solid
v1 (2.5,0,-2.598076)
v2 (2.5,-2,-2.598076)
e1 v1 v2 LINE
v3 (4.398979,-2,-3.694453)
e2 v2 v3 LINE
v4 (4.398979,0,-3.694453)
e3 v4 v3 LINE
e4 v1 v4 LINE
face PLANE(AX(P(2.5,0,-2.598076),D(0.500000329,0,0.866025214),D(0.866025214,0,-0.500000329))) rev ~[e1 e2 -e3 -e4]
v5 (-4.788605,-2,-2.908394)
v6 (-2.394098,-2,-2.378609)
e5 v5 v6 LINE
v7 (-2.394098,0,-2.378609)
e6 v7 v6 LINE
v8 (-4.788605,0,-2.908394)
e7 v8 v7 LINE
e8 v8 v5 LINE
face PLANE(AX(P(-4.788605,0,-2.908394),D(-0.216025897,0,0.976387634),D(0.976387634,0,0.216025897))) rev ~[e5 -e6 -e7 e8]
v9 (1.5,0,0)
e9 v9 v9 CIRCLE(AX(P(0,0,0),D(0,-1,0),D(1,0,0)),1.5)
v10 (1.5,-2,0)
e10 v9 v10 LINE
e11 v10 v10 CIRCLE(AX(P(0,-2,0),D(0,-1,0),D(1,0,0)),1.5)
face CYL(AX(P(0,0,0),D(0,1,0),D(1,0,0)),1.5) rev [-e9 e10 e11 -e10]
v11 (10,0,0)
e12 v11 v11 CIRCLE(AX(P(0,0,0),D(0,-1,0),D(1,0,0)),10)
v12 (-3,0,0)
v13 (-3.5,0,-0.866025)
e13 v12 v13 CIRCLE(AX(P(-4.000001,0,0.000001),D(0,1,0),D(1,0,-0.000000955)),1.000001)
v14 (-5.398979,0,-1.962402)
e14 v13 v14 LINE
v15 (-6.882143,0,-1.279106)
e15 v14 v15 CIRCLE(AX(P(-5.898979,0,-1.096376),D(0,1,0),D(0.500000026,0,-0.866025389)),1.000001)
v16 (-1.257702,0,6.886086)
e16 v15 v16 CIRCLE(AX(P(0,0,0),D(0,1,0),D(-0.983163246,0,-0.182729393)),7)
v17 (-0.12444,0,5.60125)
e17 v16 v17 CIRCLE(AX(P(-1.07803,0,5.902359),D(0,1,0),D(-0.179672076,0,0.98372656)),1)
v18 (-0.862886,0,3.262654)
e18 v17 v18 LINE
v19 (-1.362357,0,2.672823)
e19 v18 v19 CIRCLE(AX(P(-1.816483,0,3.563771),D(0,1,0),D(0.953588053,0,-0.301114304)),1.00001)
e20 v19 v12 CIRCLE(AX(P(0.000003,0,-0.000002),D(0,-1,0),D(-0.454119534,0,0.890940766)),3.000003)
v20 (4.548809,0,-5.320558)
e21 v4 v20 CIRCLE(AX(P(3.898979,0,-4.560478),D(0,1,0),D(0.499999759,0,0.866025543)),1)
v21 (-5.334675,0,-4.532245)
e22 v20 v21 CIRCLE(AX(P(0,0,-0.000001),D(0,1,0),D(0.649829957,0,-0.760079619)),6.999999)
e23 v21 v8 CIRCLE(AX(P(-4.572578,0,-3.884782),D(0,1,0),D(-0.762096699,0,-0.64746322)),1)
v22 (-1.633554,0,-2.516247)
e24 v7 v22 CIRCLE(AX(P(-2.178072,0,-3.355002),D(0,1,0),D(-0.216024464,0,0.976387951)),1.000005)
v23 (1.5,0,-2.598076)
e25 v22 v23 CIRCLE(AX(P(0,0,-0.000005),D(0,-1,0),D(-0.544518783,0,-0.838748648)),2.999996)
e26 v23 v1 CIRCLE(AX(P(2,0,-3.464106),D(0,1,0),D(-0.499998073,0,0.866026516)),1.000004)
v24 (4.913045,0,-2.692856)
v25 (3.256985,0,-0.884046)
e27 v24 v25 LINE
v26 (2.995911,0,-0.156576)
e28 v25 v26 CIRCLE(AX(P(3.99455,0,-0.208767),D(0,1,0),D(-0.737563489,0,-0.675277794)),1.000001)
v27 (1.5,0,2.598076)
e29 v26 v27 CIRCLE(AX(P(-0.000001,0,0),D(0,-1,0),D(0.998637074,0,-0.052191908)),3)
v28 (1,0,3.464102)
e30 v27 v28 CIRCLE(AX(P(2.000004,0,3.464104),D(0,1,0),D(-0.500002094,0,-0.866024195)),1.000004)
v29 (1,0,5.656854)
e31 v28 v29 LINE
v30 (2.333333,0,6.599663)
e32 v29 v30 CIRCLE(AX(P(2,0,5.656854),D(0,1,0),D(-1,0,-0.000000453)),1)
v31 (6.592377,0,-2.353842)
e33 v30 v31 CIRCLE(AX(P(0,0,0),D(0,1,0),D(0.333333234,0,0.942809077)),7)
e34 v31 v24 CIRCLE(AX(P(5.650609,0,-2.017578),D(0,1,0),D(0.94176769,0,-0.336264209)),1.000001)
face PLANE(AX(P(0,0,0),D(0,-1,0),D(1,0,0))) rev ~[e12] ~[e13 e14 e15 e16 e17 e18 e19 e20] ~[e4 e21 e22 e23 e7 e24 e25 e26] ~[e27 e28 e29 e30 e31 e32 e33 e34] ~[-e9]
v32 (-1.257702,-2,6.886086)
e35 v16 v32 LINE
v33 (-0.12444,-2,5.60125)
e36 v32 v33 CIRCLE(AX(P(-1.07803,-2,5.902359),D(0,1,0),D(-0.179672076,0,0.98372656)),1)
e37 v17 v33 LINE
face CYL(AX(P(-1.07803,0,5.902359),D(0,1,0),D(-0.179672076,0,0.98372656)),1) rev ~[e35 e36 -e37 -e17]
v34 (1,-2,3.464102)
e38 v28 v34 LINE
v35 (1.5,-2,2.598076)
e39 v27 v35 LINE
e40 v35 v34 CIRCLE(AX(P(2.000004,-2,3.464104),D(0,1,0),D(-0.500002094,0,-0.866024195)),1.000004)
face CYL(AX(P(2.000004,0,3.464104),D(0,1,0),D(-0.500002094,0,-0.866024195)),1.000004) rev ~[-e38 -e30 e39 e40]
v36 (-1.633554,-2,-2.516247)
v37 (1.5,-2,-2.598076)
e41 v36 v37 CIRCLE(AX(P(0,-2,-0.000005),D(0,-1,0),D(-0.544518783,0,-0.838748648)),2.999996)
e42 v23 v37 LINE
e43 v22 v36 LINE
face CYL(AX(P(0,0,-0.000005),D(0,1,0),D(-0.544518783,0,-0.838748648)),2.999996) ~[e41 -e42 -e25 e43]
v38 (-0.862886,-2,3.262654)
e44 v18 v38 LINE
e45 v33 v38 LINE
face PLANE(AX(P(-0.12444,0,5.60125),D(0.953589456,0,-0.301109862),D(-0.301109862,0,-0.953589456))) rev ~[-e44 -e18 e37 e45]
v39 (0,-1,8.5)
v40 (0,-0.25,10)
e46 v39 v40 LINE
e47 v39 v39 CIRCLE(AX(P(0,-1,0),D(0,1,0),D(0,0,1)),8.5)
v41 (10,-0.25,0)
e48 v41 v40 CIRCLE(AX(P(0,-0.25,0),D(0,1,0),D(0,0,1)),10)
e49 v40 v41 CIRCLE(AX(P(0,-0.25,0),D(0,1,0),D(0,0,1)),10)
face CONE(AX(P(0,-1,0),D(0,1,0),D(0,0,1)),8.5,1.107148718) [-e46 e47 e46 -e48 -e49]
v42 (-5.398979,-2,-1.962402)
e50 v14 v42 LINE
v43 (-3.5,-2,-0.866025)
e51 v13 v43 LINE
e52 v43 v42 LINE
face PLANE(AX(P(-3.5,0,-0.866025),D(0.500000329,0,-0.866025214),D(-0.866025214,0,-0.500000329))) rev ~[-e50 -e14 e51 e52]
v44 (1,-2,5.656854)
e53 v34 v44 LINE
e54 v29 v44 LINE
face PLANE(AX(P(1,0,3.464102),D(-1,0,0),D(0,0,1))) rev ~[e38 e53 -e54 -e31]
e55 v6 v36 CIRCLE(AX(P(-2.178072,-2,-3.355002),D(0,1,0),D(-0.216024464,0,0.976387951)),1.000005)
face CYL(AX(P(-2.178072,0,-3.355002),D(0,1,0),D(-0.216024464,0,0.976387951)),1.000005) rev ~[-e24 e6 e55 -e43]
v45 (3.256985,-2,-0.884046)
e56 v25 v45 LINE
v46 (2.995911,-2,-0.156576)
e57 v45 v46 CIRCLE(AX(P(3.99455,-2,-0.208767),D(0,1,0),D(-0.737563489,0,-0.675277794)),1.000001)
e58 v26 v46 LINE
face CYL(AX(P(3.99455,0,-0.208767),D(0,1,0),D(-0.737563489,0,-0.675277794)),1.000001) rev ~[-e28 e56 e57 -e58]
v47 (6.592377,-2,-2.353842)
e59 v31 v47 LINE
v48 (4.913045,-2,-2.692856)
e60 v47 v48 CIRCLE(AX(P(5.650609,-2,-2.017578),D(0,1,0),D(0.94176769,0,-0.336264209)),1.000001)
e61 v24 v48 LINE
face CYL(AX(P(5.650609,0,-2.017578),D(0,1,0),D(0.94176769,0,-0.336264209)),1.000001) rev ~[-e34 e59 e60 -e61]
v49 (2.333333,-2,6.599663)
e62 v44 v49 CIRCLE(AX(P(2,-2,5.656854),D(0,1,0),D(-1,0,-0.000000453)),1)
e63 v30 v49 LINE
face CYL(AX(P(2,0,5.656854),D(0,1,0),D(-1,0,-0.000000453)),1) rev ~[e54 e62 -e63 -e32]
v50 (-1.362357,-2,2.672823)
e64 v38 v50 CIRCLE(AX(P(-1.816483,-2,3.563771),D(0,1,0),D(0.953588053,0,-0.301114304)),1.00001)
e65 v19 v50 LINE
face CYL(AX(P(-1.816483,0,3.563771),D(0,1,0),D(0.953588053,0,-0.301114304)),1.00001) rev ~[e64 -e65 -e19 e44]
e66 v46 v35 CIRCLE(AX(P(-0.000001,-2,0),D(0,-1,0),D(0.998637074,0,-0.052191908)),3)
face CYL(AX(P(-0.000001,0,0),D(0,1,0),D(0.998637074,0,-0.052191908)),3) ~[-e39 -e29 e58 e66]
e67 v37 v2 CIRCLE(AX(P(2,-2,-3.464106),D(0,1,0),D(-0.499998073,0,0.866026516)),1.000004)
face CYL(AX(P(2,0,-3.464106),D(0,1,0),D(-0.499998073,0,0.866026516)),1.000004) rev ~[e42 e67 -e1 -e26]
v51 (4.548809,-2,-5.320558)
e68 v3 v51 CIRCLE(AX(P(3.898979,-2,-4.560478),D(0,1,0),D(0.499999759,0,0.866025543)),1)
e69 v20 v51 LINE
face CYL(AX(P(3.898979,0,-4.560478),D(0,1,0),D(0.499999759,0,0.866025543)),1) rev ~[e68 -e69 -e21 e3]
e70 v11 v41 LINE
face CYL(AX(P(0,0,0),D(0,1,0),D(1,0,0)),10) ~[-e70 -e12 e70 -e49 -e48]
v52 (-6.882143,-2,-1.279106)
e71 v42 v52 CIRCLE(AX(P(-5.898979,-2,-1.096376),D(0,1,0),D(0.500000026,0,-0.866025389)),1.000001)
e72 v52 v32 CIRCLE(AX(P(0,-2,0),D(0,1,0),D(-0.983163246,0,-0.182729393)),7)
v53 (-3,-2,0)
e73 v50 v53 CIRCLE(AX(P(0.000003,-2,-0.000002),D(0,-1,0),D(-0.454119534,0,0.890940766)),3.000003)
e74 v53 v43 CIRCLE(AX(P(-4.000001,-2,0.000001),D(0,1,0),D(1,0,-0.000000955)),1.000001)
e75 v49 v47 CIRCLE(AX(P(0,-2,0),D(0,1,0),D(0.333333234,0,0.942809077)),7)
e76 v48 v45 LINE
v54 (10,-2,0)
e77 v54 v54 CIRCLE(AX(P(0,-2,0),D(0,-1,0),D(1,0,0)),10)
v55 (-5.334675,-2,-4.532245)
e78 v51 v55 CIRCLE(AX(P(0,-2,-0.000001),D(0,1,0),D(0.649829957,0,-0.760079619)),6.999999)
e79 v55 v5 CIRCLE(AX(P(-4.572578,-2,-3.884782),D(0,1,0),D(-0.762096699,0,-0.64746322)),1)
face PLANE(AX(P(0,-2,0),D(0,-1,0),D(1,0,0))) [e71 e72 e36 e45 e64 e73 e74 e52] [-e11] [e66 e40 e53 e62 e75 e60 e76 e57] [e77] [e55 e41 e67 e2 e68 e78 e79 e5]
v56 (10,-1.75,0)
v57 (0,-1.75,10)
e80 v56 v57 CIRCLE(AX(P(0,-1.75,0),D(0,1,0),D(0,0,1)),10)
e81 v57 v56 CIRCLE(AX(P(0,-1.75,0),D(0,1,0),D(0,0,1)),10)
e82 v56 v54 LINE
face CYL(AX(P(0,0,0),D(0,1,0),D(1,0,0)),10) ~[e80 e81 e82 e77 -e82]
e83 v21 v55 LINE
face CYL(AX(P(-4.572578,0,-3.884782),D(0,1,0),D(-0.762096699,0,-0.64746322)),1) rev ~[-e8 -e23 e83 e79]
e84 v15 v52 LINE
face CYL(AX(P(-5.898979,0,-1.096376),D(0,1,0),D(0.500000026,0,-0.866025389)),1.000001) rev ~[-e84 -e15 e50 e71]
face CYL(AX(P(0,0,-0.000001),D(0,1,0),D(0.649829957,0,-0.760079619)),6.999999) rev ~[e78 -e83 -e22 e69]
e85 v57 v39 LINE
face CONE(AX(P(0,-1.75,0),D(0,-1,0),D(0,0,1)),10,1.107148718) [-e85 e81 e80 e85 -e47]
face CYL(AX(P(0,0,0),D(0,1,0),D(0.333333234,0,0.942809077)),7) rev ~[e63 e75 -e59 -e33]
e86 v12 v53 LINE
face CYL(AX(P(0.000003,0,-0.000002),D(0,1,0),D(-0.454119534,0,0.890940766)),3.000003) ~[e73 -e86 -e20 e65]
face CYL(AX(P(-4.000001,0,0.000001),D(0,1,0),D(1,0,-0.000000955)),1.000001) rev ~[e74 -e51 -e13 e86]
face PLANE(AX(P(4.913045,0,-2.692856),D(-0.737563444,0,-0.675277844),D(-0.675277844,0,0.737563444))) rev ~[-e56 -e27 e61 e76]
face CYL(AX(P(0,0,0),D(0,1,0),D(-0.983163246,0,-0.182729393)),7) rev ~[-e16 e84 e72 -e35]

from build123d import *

# Parameters (mm, degrees)
F0_R     = 10
F0_R_2   = 1.5
F1_DEPTH = 2


with BuildPart() as f1:
    # F0 (on Front) → F1 (new body)
    with BuildSketch(Plane.XZ):
        Circle(F0_R)
        with BuildLine():
            ThreePointArc((-5.334675, -4.532245), (-5.52042, -3.56604), (-4.788605, -2.908394))
            Line((-4.788605, -2.908394), (-2.394098, -2.378609))
            ThreePointArc((-2.394098, -2.378609), (-1.999991, -2.370981), (-1.633554, -2.516247))
            ThreePointArc((-1.633554, -2.516247), (-0.078315, -2.998978), (1.5, -2.598076))
            ThreePointArc((1.5, -2.598076), (2, -2.464102), (2.5, -2.598076))
            Line((2.5, -2.598076), (4.398979, -3.694453))
            ThreePointArc((4.398979, -3.694453), (4.894761, -4.468726), (4.548809, -5.320558))
            ThreePointArc((4.548809, -5.320558), (-0.556557, -6.97784), (-5.334675, -4.532245))
        make_face(mode=Mode.SUBTRACT)
        with BuildLine():
            ThreePointArc((-6.882143, -1.279106), (-5.764708, 3.970912), (-1.257702, 6.886086))
            ThreePointArc((-1.257702, 6.886086), (-0.328071, 6.563844), (-0.12444, 5.60125))
            Line((-0.12444, 5.60125), (-0.862886, 3.262654))
            ThreePointArc((-0.862886, 3.262654), (-1.053334, 2.917534), (-1.362357, 2.672823))
            ThreePointArc((-1.362357, 2.672823), (-2.558033, 1.567311), (-3, 0))
            ThreePointArc((-3, 0), (-3.133975, -0.5), (-3.5, -0.866025))
            Line((-3.5, -0.866025), (-5.398979, -1.962402))
            ThreePointArc((-5.398979, -1.962402), (-6.317411, -2.004625), (-6.882143, -1.279106))
        make_face(mode=Mode.SUBTRACT)
        Circle(F0_R_2, mode=Mode.SUBTRACT)
        with BuildLine():
            Line((1, 3.464102), (1, 5.656854))
            ThreePointArc((1, 5.656854), (1.42265, 6.473351), (2.333333, 6.599663))
            ThreePointArc((2.333333, 6.599663), (6.321265, 3.006927), (6.592377, -2.353842))
            ThreePointArc((6.592377, -2.353842), (5.848491, -2.997804), (4.913045, -2.692856))
            Line((4.913045, -2.692856), (3.256985, -0.884046))
            ThreePointArc((3.256985, -0.884046), (3.053325, -0.546553), (2.995911, -0.156576))
            ThreePointArc((2.995911, -0.156576), (2.636348, 1.431666), (1.5, 2.598076))
            ThreePointArc((1.5, 2.598076), (1.133975, 2.964102), (1, 3.464102))
        make_face(mode=Mode.SUBTRACT)
    extrude(amount=F1_DEPTH)

    # F2 (on Right) → F3 (revolve, cut)
    with BuildSketch(Plane.YZ):
        Polygon((-0.25, 10), (-1, 10), (-1, 8.5), align=None)
        Polygon((-1, 8.5), (-1, 10), (-1.75, 10), align=None)
    revolve(axis=Axis((0, -1.937021, 0), (0, 1, 0)), mode=Mode.SUBTRACT)


solid = f1.part
